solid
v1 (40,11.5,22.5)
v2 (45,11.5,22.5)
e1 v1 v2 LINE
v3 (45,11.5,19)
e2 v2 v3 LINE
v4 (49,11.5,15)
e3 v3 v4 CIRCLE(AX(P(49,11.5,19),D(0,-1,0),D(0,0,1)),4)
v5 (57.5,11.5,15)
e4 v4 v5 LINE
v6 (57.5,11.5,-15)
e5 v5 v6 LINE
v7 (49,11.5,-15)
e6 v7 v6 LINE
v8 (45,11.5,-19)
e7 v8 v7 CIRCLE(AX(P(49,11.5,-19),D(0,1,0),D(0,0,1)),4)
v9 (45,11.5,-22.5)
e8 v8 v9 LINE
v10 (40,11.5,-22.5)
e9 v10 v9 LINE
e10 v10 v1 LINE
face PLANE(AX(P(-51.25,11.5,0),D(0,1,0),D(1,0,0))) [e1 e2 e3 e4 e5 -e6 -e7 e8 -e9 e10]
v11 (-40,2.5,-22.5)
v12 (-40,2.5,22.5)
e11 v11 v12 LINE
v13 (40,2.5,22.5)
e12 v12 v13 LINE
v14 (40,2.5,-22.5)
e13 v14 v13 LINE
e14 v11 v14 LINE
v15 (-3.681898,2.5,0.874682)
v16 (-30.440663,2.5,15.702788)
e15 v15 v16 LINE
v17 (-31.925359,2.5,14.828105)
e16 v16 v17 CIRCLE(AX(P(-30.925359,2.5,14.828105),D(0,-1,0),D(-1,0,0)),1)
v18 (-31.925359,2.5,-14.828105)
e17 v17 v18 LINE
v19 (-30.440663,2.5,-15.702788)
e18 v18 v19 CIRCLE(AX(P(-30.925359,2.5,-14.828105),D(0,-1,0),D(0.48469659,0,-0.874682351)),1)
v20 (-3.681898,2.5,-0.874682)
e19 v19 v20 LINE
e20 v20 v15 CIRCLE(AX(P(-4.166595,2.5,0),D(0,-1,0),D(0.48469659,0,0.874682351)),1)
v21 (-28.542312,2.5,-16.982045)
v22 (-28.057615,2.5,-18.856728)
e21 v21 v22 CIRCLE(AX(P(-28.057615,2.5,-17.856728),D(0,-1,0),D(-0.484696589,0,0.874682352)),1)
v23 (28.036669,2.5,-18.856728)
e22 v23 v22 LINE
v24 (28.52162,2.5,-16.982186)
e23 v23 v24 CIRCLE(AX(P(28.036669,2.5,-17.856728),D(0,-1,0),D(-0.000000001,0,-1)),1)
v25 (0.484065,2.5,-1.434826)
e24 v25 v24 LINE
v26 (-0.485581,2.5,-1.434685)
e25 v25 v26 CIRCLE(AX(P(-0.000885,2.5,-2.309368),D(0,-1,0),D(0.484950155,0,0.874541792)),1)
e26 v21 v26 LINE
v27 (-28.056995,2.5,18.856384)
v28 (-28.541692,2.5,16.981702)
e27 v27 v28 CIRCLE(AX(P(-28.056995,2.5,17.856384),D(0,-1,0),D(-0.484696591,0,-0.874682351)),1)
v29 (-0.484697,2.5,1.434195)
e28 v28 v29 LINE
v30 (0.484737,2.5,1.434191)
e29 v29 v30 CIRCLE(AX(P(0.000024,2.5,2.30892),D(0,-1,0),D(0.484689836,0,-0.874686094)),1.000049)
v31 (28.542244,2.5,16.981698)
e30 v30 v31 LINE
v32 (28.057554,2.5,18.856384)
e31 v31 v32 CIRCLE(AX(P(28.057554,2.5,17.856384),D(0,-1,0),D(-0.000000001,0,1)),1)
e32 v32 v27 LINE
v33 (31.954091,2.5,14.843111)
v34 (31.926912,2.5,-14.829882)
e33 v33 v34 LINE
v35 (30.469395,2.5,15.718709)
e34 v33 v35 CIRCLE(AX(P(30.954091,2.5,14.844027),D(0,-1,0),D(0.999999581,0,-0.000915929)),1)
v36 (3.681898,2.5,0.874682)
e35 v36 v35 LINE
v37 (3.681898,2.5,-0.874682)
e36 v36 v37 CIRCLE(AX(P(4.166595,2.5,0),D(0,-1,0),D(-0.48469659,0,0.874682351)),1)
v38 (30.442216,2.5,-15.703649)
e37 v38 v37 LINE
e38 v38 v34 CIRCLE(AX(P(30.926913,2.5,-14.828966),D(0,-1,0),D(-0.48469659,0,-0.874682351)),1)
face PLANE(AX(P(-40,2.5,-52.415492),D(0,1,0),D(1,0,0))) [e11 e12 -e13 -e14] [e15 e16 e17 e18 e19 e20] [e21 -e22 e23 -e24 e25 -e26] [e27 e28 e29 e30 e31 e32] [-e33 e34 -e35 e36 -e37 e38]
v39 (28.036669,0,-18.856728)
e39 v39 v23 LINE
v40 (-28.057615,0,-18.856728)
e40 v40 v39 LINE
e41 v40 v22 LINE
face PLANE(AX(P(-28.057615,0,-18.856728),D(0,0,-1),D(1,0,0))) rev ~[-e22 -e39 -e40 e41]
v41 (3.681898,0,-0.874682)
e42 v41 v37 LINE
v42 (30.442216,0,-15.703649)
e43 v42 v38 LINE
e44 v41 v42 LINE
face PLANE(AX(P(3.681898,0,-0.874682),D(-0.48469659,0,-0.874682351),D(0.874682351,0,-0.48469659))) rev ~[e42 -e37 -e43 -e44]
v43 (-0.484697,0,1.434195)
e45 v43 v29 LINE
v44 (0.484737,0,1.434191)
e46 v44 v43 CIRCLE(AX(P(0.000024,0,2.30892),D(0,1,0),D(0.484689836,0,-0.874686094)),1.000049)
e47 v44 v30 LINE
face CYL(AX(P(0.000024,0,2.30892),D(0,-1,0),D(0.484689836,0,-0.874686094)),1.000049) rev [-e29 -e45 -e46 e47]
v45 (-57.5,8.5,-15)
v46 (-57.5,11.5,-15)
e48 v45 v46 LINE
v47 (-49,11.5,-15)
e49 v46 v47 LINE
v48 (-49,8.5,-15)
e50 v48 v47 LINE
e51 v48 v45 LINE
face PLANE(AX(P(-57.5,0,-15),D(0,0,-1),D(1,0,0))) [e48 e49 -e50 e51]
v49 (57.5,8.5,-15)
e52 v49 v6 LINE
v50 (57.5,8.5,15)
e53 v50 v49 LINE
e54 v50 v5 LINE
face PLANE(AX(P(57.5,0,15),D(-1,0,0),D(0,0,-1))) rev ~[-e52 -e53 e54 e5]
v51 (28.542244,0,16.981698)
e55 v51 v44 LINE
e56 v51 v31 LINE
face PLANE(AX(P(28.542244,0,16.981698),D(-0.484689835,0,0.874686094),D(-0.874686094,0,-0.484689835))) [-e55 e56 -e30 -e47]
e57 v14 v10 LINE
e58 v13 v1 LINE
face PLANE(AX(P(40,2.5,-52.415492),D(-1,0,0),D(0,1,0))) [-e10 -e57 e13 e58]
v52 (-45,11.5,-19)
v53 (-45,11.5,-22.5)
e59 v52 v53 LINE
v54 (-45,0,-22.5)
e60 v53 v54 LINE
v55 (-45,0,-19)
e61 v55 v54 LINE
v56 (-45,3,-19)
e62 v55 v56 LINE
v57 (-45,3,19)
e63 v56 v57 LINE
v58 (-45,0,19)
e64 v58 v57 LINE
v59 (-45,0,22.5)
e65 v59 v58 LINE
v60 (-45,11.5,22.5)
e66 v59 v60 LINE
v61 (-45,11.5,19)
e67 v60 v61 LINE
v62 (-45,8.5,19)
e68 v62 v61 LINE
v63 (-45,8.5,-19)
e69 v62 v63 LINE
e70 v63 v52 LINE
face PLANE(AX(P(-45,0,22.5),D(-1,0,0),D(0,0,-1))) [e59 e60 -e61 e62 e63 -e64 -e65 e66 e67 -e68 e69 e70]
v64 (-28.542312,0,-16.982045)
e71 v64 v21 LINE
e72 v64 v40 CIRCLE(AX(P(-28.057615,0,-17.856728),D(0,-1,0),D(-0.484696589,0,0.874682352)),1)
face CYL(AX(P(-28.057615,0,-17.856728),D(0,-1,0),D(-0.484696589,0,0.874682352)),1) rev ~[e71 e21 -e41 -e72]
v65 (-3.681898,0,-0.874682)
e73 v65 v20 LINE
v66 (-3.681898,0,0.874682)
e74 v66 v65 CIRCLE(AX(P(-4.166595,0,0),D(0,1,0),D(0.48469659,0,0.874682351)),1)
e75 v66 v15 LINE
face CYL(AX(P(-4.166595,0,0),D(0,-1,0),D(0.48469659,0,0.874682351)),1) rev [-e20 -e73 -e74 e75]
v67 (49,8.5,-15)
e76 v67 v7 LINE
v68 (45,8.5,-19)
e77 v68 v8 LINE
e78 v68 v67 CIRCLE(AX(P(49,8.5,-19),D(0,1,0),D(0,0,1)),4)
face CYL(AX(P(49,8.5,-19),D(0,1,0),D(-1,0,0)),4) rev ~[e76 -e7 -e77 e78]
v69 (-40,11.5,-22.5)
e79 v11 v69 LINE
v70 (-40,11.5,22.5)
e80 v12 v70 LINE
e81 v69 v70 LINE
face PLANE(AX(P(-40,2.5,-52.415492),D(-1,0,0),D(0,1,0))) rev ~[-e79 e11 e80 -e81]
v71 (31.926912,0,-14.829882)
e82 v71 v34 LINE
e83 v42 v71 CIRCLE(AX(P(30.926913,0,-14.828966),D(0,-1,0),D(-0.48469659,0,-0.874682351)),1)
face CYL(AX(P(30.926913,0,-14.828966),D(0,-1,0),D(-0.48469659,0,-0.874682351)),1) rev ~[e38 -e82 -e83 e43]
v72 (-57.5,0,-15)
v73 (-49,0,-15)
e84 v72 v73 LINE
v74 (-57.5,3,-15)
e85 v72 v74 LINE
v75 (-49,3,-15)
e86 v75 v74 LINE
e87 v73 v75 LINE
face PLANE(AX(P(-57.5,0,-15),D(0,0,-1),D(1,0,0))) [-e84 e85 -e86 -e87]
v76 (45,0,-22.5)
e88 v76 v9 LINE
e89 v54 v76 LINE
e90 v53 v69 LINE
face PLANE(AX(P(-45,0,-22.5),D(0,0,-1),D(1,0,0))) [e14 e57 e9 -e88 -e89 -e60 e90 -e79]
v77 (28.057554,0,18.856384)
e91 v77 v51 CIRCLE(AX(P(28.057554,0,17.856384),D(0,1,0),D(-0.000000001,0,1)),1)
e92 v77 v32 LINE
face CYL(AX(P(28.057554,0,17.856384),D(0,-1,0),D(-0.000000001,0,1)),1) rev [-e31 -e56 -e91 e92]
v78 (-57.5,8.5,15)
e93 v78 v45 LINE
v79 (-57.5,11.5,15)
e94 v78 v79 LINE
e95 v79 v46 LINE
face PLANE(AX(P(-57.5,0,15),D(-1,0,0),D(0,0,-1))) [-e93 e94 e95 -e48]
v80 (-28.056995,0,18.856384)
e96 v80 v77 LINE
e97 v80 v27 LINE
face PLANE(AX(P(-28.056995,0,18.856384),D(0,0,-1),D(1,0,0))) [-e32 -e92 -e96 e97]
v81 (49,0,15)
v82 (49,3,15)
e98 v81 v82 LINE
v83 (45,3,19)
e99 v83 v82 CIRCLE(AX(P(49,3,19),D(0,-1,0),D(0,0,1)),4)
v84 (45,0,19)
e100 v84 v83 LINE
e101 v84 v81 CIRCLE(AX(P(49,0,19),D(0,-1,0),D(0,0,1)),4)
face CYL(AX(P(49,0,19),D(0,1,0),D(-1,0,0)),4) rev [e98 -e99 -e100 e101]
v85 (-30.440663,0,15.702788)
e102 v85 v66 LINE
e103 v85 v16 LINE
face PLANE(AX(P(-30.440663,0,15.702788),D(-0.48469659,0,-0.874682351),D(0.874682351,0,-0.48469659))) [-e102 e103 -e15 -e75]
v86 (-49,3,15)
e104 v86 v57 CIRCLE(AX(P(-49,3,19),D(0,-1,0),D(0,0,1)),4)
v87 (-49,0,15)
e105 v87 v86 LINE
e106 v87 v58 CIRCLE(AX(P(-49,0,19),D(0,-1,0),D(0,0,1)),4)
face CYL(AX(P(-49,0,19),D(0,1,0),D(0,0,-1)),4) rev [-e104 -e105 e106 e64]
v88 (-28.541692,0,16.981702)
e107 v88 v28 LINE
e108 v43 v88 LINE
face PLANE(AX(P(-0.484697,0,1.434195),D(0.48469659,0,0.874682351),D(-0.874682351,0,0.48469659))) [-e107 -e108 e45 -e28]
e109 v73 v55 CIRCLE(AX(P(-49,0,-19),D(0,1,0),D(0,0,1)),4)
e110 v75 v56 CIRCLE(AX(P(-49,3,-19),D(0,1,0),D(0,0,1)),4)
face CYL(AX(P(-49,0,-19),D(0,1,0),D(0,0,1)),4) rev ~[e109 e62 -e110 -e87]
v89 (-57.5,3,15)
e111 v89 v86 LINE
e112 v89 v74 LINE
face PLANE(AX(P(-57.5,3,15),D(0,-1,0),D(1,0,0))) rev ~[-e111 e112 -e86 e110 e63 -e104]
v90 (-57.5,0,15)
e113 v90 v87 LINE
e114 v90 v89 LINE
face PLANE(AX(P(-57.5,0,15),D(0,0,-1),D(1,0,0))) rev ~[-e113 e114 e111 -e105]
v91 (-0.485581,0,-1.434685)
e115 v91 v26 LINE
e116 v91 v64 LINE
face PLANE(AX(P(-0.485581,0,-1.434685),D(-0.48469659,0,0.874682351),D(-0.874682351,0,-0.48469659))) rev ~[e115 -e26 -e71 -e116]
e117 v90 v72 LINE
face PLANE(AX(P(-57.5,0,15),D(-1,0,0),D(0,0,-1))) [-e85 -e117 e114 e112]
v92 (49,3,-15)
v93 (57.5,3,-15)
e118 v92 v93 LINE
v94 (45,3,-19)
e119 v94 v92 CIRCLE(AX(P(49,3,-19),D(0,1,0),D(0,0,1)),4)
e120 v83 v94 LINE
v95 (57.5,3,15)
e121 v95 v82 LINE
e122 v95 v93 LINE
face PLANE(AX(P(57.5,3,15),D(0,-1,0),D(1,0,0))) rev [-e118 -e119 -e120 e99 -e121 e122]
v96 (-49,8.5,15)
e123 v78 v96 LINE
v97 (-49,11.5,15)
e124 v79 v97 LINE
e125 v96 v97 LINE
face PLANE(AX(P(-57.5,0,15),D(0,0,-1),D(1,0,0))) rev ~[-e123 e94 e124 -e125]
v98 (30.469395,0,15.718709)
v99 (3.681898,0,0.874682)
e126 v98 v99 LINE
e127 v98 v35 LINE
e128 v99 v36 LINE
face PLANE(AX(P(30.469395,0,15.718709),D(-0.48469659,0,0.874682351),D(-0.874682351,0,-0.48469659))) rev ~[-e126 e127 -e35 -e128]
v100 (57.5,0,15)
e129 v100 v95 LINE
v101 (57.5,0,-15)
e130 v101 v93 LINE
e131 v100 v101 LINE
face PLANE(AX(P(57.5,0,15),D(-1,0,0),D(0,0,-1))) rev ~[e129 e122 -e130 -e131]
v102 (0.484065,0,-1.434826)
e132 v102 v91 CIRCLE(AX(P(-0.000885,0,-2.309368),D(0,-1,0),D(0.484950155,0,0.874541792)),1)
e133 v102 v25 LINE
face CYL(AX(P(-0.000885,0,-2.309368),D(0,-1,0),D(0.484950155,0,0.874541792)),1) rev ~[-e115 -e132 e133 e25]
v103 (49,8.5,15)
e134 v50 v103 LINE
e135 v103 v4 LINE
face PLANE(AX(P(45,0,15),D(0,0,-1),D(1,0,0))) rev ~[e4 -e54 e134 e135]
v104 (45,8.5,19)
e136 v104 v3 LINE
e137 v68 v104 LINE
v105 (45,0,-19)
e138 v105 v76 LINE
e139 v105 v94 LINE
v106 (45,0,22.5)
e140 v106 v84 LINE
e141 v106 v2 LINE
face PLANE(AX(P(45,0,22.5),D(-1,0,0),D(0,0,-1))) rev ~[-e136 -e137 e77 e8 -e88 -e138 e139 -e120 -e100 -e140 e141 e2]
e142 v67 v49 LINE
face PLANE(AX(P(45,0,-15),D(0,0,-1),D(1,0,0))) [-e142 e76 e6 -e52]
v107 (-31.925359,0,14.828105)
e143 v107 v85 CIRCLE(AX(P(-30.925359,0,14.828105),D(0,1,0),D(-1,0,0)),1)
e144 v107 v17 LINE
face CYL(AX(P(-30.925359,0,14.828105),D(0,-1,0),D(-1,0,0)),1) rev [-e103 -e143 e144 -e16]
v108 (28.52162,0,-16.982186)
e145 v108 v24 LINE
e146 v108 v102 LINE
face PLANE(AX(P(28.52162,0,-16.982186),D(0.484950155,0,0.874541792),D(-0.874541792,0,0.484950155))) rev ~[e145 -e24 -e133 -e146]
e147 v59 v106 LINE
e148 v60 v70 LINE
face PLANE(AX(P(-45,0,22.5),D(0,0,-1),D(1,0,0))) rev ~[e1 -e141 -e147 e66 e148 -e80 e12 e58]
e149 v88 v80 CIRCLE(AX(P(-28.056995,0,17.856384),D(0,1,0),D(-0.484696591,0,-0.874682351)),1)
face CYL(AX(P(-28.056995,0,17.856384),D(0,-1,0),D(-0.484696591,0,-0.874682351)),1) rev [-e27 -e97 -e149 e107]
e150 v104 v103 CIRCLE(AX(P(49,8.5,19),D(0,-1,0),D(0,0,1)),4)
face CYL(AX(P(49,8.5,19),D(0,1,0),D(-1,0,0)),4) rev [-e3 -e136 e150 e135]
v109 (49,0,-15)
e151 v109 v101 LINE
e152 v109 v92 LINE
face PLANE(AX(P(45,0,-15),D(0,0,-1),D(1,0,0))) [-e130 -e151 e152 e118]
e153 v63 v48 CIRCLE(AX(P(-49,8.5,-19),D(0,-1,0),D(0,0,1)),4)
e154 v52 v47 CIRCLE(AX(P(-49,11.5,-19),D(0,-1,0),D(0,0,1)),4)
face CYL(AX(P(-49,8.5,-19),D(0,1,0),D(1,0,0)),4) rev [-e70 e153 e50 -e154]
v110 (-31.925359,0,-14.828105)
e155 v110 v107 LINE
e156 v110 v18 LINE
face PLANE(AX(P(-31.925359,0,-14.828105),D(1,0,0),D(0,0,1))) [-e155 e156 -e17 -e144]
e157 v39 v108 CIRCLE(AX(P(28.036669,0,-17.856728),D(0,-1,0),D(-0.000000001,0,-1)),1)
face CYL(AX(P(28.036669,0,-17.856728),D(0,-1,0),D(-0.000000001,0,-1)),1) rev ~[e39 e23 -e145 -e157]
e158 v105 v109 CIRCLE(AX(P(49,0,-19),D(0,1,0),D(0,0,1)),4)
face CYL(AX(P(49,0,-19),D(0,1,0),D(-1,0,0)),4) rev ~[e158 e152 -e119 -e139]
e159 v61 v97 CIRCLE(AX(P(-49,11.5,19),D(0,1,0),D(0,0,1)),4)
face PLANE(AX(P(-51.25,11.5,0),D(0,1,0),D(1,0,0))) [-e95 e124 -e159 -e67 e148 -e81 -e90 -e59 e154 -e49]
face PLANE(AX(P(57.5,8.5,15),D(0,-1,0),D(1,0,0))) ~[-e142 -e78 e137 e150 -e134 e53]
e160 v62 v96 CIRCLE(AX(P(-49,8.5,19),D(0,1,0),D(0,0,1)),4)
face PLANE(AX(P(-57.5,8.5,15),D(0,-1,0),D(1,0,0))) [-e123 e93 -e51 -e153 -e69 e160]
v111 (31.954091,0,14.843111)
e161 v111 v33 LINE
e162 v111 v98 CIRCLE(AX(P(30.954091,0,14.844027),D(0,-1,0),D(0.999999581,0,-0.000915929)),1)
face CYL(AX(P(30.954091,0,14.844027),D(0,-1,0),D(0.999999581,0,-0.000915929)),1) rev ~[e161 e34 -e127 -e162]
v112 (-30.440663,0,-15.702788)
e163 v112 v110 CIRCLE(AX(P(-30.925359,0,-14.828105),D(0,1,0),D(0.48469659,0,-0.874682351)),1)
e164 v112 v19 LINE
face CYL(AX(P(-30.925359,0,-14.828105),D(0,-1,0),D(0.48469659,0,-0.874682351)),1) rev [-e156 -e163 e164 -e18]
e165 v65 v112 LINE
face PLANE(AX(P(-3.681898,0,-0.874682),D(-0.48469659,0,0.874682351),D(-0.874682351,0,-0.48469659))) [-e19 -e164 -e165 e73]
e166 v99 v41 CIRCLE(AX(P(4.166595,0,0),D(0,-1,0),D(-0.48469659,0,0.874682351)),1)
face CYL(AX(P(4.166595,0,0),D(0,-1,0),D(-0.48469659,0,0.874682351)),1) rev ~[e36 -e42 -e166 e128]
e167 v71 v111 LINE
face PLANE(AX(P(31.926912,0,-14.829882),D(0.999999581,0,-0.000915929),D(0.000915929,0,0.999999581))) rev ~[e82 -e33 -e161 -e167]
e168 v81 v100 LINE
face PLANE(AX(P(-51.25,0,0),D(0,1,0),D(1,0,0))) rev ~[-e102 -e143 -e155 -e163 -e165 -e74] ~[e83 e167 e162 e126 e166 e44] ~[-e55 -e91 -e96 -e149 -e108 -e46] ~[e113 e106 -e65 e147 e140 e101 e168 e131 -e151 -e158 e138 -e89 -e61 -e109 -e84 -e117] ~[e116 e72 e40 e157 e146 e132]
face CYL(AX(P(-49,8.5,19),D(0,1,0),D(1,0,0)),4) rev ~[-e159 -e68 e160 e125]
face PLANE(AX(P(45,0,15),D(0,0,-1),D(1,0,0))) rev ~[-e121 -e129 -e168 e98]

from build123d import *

# Parameters (mm, degrees)
SKETCH1_W               = 12.5
SKETCH1_H               = 30
SKETCH1_W_2             = 90
SKETCH1_H_2             = 7.5
BOSS_EXTRUDE1_DEPTH     = 11.5
SKETCH2_W               = 12.5
SKETCH2_H               = 5.5
CUT_EXTRUDE1_DEPTH      = 70.604238377
CUT_EXTRUDE2_DEPTH      = 74.915492287
CUT_EXTRUDE2_DEPTH_BACK = 74.915492287
SKETCH3_W               = 80
SKETCH3_H               = 9
FILLET1_R               = 4
CUT_EXTRUDE4_DEPTH      = 10


with BuildPart() as part:
    # Sketch1 → Boss-Extrude1 (new body)
    with BuildSketch(Plane(origin=(0, 0, 0), x_dir=(1, 0, 0), z_dir=(0, 1, 0))):
        with Locations((-51.25, 0)):
            Rectangle(SKETCH1_W, SKETCH1_H)
        with Locations((0, 18.75)):
            Rectangle(SKETCH1_W_2, SKETCH1_H_2)
        Rectangle(SKETCH1_W_2, SKETCH1_H)
        with Locations((0, -18.75)):
            Rectangle(SKETCH1_W_2, SKETCH1_H_2)
        with Locations((51.25, 0)):
            Rectangle(SKETCH1_W, SKETCH1_H)
    extrude(amount=BOSS_EXTRUDE1_DEPTH)

    # Sketch2 → Cut-Extrude1 (cut, through all)
    with BuildSketch(Plane.XY.offset(15)):
        with Locations((-51.25, 5.75)):
            Rectangle(SKETCH2_W, SKETCH2_H)
    cut_extrude1 = extrude(amount=-CUT_EXTRUDE1_DEPTH, mode=Mode.SUBTRACT)

    # Mirror1: Cut-Extrude1 across plane
    add(cut_extrude1.mirror(Plane(origin=(0, 0, 0), x_dir=(0, 0, 1), z_dir=(1, 0, 0))), mode=Mode.SUBTRACT)

    # Sketch3 → Cut-Extrude2 (cut, two sides: drawn at the far end of the back side and taken through both)
    with BuildSketch(Plane.XY.offset(22.5).offset(-CUT_EXTRUDE2_DEPTH_BACK)):
        with Locations((0, 7)):
            Rectangle(SKETCH3_W, SKETCH3_H)
    extrude(amount=CUT_EXTRUDE2_DEPTH + CUT_EXTRUDE2_DEPTH_BACK, mode=Mode.SUBTRACT)

    # Fillet1
    fillet1_edges = [part.edges().sort_by_distance(p)[0] for p in [
        (-45, 10, -15),
        (45, 10, -15),
        (45, 10, 15),
        (-45, 10, 15),
        (-45, 1.5, -15),
        (-45, 1.5, 15),
        (45, 1.5, -15),
        (45, 1.5, 15),
    ]]
    fillet(fillet1_edges, radius=FILLET1_R)

    # Sketch4 → Cut-Extrude4 (cut)
    with BuildSketch(Plane.XZ):
        with BuildLine():
            Line((28.542243556, 16.981698246), (0.484736979, 1.434191182))
            ThreePointArc((0.484736979, 1.434191182), (1.9718e-05, 1.308871184), (-0.484696575, 1.434194926))
            Line((-0.484696575, 1.434194926), (-28.54169207, 16.981701989))
            ThreePointArc((-28.54169207, 16.981701989), (-29.025159296, 18.106701788), (-28.05699548, 18.856384341))
            Line((-28.05699548, 18.856384341), (28.057553721, 18.856384341))
            ThreePointArc((28.057553721, 18.856384341), (29.025718505, 18.106698049), (28.542243556, 16.981698246))
        make_face()
        with BuildLine():
            Line((30.469394666, 15.718709145), (3.68189804, 0.874682353))
            ThreePointArc((3.68189804, 0.874682353), (3.166594631, 4e-09), (3.68189804, -0.874682346))
            Line((3.68189804, -0.874682346), (30.442216306, -15.703648524))
            ThreePointArc((30.442216306, -15.703648524), (31.434112297, -15.690794907), (31.926912476, -14.829882101))
            Line((31.926912476, -14.829882101), (31.954090836, 14.843110865))
            ThreePointArc((31.954090836, 14.843110865), (31.462079818, 15.705390608), (30.469394666, 15.718709145))
        make_face()
        with BuildLine():
            Line((-3.681898037, -0.874682351), (-30.440662807, -15.70278767))
            ThreePointArc((-30.440662807, -15.70278767), (-31.432953433, -15.689701683), (-31.925359397, -14.828105319))
            Line((-31.925359397, -14.828105319), (-31.925359397, 14.828105319))
            ThreePointArc((-31.925359397, 14.828105319), (-31.432953433, 15.689701683), (-30.440662807, 15.70278767))
            Line((-30.440662807, 15.70278767), (-3.681898036, 0.874682346))
            ThreePointArc((-3.681898036, 0.874682346), (-3.166594628, -3e-09), (-3.681898037, -0.874682351))
        make_face()
        with BuildLine():
            Line((-28.057615345, -18.856727819), (28.036669402, -18.856727819))
            ThreePointArc((28.036669402, -18.856727819), (29.004796923, -18.107185608), (28.521619558, -16.982186027))
            Line((28.521619558, -16.982186027), (0.484065329, -1.434825803))
            ThreePointArc((0.484065329, -1.434825803), (-0.000739868, -1.309367606), (-0.485581416, -1.434685244))
            Line((-0.485581416, -1.434685244), (-28.542311935, -16.982045468))
            ThreePointArc((-28.542311935, -16.982045468), (-29.025779162, -18.107045266), (-28.057615345, -18.856727819))
        make_face()
    extrude(amount=-CUT_EXTRUDE4_DEPTH, mode=Mode.SUBTRACT)


solid = part.part
